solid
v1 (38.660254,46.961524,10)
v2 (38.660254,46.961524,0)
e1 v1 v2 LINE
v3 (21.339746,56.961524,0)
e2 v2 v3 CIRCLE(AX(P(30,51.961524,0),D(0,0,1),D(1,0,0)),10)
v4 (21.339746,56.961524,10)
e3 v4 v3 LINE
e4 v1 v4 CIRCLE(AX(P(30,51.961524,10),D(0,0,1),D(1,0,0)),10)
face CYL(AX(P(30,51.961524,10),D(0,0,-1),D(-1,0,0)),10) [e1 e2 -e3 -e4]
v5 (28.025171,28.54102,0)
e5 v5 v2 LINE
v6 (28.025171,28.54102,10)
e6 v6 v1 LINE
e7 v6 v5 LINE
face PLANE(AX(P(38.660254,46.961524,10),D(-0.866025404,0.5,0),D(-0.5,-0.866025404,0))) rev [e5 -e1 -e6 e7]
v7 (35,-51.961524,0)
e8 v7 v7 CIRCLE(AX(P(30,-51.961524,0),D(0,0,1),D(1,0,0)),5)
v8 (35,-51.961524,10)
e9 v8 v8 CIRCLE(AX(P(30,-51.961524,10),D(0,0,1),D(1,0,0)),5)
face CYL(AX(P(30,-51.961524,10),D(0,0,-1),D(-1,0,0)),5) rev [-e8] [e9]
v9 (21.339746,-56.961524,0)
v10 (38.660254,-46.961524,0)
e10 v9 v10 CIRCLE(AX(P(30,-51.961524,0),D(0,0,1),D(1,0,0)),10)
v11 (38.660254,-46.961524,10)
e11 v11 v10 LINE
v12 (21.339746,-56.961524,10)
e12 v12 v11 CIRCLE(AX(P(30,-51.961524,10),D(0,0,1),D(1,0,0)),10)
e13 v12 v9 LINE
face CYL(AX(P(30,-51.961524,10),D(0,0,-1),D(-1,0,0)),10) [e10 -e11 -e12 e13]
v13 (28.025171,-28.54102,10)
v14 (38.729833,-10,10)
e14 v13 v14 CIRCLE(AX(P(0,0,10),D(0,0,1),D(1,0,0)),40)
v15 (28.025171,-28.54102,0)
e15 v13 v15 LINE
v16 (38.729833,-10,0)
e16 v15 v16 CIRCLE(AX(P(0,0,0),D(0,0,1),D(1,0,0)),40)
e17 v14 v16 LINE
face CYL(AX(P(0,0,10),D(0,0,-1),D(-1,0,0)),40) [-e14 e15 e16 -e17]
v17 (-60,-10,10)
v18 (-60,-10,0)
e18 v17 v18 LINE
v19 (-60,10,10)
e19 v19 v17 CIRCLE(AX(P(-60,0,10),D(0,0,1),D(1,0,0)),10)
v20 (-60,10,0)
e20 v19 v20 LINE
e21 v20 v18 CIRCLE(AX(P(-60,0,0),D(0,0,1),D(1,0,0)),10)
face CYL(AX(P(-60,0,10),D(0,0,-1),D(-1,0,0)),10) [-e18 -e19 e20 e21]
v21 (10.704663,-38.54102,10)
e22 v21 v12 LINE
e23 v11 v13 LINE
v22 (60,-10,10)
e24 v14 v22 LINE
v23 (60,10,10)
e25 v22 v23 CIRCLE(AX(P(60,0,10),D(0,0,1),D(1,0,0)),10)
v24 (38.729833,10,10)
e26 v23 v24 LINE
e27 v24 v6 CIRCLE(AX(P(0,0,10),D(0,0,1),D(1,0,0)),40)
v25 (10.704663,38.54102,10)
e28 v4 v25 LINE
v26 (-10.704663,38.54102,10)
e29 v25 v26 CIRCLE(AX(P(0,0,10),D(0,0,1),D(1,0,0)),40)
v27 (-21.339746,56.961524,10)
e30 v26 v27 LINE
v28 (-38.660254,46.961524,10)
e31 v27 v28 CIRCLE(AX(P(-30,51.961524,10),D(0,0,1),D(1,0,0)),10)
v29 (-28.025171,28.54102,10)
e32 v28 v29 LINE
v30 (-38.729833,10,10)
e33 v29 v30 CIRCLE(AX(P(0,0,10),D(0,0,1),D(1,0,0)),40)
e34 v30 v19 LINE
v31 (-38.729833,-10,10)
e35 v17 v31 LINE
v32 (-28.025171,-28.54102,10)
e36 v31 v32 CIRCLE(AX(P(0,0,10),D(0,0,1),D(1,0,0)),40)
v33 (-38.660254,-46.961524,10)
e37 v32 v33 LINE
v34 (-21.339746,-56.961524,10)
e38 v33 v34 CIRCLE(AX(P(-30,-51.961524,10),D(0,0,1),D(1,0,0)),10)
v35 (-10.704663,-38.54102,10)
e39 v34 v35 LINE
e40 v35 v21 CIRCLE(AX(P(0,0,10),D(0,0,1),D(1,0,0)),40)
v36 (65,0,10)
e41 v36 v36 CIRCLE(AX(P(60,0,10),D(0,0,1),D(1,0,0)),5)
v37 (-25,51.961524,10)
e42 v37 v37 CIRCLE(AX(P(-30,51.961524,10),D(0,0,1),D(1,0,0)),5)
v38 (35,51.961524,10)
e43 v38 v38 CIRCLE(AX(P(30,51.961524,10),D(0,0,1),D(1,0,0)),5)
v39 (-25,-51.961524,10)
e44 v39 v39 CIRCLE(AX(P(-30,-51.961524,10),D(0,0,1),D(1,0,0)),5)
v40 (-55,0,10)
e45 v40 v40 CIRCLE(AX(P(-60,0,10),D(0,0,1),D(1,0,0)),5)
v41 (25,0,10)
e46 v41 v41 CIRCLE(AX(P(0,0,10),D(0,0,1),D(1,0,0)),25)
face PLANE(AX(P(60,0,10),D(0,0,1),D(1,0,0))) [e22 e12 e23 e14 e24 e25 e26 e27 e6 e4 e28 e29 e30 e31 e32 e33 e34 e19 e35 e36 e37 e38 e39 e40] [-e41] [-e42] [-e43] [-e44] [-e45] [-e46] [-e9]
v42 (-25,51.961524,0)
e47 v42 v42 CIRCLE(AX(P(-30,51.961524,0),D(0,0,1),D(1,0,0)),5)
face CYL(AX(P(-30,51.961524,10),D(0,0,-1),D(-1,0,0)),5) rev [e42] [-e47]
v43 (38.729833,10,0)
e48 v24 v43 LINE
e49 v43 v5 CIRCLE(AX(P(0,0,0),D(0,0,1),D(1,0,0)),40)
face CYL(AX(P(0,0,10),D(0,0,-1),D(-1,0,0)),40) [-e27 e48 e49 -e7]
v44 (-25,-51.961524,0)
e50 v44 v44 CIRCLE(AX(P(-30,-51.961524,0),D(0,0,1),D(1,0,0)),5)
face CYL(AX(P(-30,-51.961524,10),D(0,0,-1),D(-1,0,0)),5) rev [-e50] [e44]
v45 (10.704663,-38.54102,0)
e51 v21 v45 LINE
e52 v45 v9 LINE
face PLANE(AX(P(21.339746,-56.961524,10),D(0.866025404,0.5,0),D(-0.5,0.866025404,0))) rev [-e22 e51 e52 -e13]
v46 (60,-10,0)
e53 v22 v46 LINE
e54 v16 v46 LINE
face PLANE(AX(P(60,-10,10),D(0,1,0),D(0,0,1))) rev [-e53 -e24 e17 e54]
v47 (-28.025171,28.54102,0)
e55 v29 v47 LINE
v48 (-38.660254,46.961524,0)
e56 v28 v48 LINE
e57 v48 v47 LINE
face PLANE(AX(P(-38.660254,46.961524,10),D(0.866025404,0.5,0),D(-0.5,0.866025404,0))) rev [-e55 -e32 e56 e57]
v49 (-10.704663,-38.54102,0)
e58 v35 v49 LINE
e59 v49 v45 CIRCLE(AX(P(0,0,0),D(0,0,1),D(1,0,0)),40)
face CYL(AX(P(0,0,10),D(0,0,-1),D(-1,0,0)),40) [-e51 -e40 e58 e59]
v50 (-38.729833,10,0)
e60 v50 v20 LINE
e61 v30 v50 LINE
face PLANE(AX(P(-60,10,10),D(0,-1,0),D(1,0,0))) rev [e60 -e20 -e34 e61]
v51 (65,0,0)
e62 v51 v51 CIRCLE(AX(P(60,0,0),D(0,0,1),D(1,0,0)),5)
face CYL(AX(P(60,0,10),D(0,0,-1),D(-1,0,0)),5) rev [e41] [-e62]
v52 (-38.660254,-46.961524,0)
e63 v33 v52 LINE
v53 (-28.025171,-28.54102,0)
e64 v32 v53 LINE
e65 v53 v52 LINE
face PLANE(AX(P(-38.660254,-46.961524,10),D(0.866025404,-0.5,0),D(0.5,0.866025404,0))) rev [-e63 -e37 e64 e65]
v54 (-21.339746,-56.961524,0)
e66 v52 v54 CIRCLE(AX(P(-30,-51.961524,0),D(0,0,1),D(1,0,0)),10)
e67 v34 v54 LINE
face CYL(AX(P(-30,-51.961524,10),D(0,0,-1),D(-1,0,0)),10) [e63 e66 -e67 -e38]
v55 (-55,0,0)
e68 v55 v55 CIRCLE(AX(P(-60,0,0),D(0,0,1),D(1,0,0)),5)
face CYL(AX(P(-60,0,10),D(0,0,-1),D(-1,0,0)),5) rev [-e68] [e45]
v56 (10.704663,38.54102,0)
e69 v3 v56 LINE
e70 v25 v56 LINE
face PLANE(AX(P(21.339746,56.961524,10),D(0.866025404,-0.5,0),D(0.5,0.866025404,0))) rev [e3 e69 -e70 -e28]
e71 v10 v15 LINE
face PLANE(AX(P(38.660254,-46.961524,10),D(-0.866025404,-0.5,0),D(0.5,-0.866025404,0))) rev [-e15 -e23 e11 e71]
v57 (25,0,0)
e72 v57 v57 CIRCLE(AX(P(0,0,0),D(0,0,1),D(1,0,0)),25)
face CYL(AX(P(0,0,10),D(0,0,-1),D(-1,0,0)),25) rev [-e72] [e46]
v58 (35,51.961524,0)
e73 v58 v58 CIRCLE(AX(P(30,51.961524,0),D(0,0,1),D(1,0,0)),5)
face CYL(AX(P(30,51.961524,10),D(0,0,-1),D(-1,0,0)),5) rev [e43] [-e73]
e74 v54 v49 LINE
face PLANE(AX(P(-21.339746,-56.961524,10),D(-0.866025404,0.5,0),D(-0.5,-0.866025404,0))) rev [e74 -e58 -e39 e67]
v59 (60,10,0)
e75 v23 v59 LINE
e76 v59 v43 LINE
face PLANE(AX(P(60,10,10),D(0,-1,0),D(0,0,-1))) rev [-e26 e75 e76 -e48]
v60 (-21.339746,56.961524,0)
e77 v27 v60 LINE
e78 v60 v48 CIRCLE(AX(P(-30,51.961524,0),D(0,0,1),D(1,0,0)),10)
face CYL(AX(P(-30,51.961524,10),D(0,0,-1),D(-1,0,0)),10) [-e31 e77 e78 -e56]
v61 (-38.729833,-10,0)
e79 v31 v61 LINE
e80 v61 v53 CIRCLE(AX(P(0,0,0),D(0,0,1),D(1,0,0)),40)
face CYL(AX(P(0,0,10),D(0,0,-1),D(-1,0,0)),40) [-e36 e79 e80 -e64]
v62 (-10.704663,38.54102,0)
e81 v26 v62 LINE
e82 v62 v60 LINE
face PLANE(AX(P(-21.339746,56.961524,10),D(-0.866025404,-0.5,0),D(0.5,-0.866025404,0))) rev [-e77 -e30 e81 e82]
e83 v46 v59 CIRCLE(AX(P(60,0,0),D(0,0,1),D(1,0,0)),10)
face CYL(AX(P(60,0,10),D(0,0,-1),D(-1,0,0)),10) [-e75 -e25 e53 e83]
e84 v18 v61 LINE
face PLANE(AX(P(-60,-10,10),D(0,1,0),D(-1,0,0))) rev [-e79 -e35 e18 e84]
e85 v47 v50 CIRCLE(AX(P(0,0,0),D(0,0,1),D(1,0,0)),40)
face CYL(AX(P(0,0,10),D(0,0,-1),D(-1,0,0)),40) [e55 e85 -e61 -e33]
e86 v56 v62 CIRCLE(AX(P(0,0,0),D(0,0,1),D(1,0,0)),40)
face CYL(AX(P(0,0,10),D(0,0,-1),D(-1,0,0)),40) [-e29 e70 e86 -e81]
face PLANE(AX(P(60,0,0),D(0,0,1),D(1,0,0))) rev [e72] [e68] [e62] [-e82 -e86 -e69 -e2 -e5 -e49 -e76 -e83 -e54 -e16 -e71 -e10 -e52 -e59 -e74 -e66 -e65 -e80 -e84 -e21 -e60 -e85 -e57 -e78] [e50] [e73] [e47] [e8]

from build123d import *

# Parameters (mm, degrees)
SKETCH1_R           = 5
SKETCH1_R_2         = 25
BOSS_EXTRUDE1_DEPTH = 10


with BuildPart() as part:
    # Sketch1 → Boss-Extrude1 (new body)
    with BuildSketch(Plane.XY):
        with BuildLine():
            Line((60, 10), (38.729833462, 10))
            ThreePointArc((38.729833462, 10), (34.641016151, 20), (28.025170769, 28.541019662))
            Line((28.025170769, 28.541019662), (38.660254038, 46.961524227))
            ThreePointArc((38.660254038, 46.961524227), (35, 60.621778265), (21.339745962, 56.961524227))
            Line((21.339745962, 56.961524227), (10.704662693, 38.541019662))
            ThreePointArc((10.704662693, 38.541019662), (0, 40), (-10.704662693, 38.541019662))
            Line((-10.704662693, 38.541019662), (-21.339745962, 56.961524227))
            ThreePointArc((-21.339745962, 56.961524227), (-35, 60.621778265), (-38.660254038, 46.961524227))
            Line((-38.660254038, 46.961524227), (-28.025170769, 28.541019662))
            ThreePointArc((-28.025170769, 28.541019662), (-34.641016151, 20), (-38.729833462, 10))
            Line((-38.729833462, 10), (-60, 10))
            ThreePointArc((-60, 10), (-70, 0), (-60, -10))
            Line((-60, -10), (-38.729833462, -10))
            ThreePointArc((-38.729833462, -10), (-34.641016151, -20), (-28.025170769, -28.541019662))
            Line((-28.025170769, -28.541019662), (-38.660254038, -46.961524227))
            ThreePointArc((-38.660254038, -46.961524227), (-35, -60.621778265), (-21.339745962, -56.961524227))
            Line((-21.339745962, -56.961524227), (-10.704662693, -38.541019662))
            ThreePointArc((-10.704662693, -38.541019662), (0, -40), (10.704662693, -38.541019662))
            Line((10.704662693, -38.541019662), (21.339745962, -56.961524227))
            ThreePointArc((21.339745962, -56.961524227), (35, -60.621778265), (38.660254038, -46.961524227))
            Line((38.660254038, -46.961524227), (28.025170769, -28.541019662))
            ThreePointArc((28.025170769, -28.541019662), (34.641016151, -20), (38.729833462, -10))
            Line((38.729833462, -10), (60, -10))
            ThreePointArc((60, -10), (70, 0), (60, 10))
        make_face()
        with Locations((60, 0)):
            Circle(SKETCH1_R, mode=Mode.SUBTRACT)
        with Locations((30, -51.961524227)):
            Circle(SKETCH1_R, mode=Mode.SUBTRACT)
        with Locations((-30, -51.961524227)):
            Circle(SKETCH1_R, mode=Mode.SUBTRACT)
        with Locations((-60, 0)):
            Circle(SKETCH1_R, mode=Mode.SUBTRACT)
        with Locations((-30, 51.961524227)):
            Circle(SKETCH1_R, mode=Mode.SUBTRACT)
        with Locations((30, 51.961524227)):
            Circle(SKETCH1_R, mode=Mode.SUBTRACT)
        Circle(SKETCH1_R_2, mode=Mode.SUBTRACT)
    extrude(amount=BOSS_EXTRUDE1_DEPTH)


solid = part.part
